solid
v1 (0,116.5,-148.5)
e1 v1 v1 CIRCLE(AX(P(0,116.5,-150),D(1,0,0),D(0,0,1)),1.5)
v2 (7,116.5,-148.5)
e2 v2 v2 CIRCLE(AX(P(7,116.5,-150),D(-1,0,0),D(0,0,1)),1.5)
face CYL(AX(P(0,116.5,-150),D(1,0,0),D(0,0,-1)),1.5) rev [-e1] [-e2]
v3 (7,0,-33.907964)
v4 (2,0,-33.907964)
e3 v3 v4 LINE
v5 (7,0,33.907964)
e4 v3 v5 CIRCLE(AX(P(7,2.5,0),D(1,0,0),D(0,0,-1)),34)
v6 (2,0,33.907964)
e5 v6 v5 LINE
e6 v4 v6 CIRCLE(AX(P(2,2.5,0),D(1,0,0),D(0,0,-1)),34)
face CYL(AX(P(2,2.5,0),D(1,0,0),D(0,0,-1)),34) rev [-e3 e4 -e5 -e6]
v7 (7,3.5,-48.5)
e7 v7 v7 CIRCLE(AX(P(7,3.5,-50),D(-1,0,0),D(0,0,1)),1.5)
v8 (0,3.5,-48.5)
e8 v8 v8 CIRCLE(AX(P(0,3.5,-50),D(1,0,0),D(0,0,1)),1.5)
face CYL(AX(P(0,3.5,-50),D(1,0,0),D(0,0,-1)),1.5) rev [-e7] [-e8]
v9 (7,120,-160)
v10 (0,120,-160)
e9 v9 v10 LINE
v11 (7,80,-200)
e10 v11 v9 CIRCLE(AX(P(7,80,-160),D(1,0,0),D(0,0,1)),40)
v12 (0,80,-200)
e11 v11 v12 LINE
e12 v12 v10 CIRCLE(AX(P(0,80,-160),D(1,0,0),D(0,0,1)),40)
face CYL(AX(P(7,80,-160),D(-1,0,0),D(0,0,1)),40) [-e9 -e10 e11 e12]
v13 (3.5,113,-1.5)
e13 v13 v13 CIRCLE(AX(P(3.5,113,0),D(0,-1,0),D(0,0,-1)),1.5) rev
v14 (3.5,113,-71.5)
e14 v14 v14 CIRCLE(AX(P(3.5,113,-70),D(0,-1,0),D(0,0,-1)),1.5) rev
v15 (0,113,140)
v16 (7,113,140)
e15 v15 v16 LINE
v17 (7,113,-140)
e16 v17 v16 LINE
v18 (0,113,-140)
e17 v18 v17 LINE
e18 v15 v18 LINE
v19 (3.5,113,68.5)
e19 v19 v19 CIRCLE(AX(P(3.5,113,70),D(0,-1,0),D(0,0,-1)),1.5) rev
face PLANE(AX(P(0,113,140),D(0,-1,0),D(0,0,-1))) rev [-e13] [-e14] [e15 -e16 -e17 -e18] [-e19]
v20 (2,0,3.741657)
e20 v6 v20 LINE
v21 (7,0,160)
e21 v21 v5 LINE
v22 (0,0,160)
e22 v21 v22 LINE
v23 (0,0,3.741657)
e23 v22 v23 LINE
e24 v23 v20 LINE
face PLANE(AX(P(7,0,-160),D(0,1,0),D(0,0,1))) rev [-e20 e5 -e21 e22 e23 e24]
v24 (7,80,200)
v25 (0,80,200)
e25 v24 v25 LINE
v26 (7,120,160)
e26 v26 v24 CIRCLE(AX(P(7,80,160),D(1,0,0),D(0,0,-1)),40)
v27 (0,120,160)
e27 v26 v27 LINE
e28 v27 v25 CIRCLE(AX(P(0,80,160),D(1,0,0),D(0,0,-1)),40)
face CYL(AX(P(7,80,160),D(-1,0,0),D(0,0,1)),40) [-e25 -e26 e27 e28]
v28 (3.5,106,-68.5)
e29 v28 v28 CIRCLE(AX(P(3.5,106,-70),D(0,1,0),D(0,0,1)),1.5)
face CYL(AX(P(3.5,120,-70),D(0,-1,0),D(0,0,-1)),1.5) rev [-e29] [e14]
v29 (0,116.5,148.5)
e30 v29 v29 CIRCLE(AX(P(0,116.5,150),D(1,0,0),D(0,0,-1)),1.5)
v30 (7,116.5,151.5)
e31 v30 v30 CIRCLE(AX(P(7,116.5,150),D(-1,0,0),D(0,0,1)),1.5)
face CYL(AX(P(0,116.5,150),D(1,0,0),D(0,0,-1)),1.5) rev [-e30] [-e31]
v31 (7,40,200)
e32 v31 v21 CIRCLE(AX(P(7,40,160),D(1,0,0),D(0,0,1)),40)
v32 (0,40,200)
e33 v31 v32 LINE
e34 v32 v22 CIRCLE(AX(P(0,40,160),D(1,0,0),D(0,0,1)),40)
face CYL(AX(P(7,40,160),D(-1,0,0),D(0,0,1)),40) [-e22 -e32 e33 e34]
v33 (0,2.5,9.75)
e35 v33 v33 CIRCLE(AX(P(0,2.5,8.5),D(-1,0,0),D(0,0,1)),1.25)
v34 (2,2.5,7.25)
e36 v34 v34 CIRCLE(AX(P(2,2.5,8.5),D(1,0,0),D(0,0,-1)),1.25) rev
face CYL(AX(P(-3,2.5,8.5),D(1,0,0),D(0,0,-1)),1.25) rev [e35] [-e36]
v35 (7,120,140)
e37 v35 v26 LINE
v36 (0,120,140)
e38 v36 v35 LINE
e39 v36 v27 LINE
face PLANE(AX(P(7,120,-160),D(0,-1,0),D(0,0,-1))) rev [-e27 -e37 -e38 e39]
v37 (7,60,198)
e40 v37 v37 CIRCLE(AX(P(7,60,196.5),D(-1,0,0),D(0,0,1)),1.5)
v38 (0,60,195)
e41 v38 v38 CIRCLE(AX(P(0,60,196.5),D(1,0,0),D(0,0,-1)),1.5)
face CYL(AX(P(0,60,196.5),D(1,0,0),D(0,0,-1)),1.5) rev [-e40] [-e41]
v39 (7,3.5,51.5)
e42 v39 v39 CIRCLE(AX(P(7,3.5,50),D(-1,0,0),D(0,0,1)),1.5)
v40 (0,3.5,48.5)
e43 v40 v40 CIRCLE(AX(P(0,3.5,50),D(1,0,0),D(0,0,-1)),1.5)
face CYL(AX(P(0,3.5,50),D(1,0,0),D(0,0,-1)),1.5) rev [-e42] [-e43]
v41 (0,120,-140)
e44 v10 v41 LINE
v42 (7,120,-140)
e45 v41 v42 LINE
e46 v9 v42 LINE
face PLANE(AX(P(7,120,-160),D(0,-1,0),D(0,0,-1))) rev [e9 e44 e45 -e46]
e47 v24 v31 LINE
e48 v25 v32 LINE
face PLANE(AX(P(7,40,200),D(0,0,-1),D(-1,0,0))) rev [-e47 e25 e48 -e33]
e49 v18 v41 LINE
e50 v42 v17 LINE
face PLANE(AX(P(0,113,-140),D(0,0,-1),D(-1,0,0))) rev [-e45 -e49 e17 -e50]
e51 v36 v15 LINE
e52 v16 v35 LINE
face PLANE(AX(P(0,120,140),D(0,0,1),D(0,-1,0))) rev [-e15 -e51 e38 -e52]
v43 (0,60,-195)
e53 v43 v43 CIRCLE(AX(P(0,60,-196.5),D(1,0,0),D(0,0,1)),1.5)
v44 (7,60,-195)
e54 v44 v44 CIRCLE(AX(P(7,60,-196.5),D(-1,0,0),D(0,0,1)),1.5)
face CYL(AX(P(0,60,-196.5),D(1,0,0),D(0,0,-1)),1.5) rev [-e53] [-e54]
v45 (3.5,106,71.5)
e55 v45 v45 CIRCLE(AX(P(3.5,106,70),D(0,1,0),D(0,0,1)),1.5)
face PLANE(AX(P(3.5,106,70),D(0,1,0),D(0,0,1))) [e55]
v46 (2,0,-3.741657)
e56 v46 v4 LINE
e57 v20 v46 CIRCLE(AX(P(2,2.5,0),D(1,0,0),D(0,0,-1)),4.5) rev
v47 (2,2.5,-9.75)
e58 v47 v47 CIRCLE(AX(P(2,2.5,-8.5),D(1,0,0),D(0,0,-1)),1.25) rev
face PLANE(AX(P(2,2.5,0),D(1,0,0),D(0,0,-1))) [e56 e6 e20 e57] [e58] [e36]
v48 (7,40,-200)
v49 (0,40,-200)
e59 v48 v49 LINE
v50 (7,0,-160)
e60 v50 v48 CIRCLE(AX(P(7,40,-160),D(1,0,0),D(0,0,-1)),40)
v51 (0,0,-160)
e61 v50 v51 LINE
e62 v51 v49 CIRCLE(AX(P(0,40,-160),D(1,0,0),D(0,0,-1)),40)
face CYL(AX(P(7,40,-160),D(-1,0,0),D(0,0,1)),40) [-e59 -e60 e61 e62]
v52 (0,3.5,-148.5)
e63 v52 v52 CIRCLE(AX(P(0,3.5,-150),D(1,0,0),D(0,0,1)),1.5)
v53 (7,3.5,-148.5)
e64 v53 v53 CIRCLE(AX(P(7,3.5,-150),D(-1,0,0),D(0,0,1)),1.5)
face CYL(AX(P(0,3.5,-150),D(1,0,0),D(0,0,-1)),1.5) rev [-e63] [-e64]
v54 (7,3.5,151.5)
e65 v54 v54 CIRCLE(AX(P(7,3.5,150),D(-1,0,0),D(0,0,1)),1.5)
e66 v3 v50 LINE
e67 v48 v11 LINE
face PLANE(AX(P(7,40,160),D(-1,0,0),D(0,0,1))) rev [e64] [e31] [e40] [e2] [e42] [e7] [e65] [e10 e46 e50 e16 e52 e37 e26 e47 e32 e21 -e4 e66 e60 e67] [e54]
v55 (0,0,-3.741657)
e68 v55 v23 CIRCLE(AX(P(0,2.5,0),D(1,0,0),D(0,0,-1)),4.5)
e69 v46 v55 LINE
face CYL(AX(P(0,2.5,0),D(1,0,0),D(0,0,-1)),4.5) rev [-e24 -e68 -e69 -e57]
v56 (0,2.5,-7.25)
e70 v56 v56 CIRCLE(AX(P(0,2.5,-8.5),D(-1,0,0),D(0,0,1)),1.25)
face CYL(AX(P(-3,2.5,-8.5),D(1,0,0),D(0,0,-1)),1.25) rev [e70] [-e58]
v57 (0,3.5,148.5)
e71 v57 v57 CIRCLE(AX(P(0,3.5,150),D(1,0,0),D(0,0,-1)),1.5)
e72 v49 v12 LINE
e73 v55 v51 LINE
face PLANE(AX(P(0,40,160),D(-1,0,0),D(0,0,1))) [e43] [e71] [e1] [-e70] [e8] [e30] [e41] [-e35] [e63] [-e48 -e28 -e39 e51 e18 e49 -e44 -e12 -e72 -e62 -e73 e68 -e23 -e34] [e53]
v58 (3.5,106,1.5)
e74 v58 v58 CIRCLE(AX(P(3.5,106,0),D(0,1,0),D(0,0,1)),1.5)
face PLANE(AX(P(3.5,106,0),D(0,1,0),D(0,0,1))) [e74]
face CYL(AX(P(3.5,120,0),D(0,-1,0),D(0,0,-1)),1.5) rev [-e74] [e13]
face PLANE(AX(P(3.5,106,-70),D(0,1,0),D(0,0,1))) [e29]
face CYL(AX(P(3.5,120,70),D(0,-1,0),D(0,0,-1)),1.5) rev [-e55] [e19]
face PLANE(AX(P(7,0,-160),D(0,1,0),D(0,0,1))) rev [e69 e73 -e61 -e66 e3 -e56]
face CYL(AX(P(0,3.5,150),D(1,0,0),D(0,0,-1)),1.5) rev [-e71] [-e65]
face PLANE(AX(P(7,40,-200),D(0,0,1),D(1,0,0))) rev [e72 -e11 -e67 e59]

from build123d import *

# Parameters (mm, degrees)
BOSS_EXTRUDE1_DEPTH     = 7
CUT_EXTRUDE1_DEPTH      = 234.343095034
CUT_EXTRUDE1_DEPTH_BACK = 234.343095034
SKETCH2_R               = 1.5
SKETCH2_W               = 280
SKETCH2_H               = 7
CUT_EXTRUDE2_DEPTH      = 230.821669997
CUT_EXTRUDE2_DEPTH_BACK = 10
CUT_EXTRUDE2_START      = 3
SKETCH3_R               = 1.5
SKETCH4_R               = 1.25
CUT_EXTRUDE3_DEPTH      = 10
CUT_EXTRUDE4_DEPTH      = 4
SKETCH6_R               = 4.5
CUT_EXTRUDE5_DEPTH      = 234.272372989
SKETCH7_R               = 34
CUT_EXTRUDE6_DEPTH      = 5


with BuildPart() as part:
    # Sketch1 → Boss-Extrude1 (new body)
    with BuildSketch(Plane(origin=(0, 0, 0), x_dir=(0, 0, -1), z_dir=(1, 0, 0))):
        with BuildLine():
            Line((160, 0), (-160, 0))
            ThreePointArc((-160, 0), (-188.284271247, 11.715728753), (-200, 40))
            Line((-200, 40), (-200, 80))
            ThreePointArc((-200, 80), (-188.284271247, 108.284271247), (-160, 120))
            Line((-160, 120), (160, 120))
            ThreePointArc((160, 120), (188.284271247, 108.284271247), (200, 80))
            Line((200, 80), (200, 40))
            ThreePointArc((200, 40), (188.284271247, 11.715728753), (160, 0))
        make_face()
    extrude(amount=BOSS_EXTRUDE1_DEPTH)

    # Sketch2 → Cut-Extrude1 (cut, two sides: drawn at the far end of the back side and taken through both)
    with BuildSketch(Plane(origin=(7, 0, 0), x_dir=(0, 0, -1), z_dir=(1, 0, 0)).offset(-CUT_EXTRUDE1_DEPTH_BACK)):
        with Locations((-150, 116.5)):
            Circle(SKETCH2_R)
        with Locations((-196.5, 60)):
            Circle(SKETCH2_R)
        with Locations((-50, 3.5)):
            Circle(SKETCH2_R)
        with Locations((-150, 3.5)):
            Circle(SKETCH2_R)
        with Locations(Location((50, 3.5, 0), (0, 0, 180))):
            Circle(SKETCH2_R)
        with Locations(Location((150, 3.5, 0), (0, 0, 180))):
            Circle(SKETCH2_R)
        with Locations(Location((196.5, 60, 0), (0, 0, 180))):
            Circle(SKETCH2_R)
        with Locations(Location((150, 116.5, 0), (0, 0, 180))):
            Circle(SKETCH2_R)
        with Locations((0, 116.5)):
            Rectangle(SKETCH2_W, SKETCH2_H)
    extrude(amount=CUT_EXTRUDE1_DEPTH + CUT_EXTRUDE1_DEPTH_BACK, mode=Mode.SUBTRACT)

    # Sketch3 → Cut-Extrude2 (cut, two sides: drawn at the far end of the back side and taken through both)
    with BuildSketch(Plane(origin=(0, 113, 0), x_dir=(1, 0, 0), z_dir=(0, 1, 0)).offset(CUT_EXTRUDE2_START - CUT_EXTRUDE2_DEPTH_BACK)):
        with Locations(Location((3.5, 70, 0), (0, 0, 90))):
            Circle(SKETCH3_R)
        with Locations(Location((3.5, 0, 0), (0, 0, 90))):
            Circle(SKETCH3_R)
        with Locations(Location((3.5, -70, 0), (0, 0, 90))):
            Circle(SKETCH3_R)
    extrude(amount=CUT_EXTRUDE2_DEPTH + CUT_EXTRUDE2_DEPTH_BACK, mode=Mode.SUBTRACT)

    # Sketch4 → Cut-Extrude3 (cut)
    with BuildSketch(Plane(origin=(7, 0, 0), x_dir=(0, 0, -1), z_dir=(1, 0, 0))):
        with Locations((-8.5, 2.5)):
            Circle(SKETCH4_R)
        with Locations((8.5, 2.5)):
            Circle(SKETCH4_R)
    extrude(amount=-CUT_EXTRUDE3_DEPTH, mode=Mode.SUBTRACT)

    # Sketch5 → Cut-Extrude4 (cut)
    with BuildSketch(Plane(origin=(7, 0, 0), x_dir=(0, 0, -1), z_dir=(1, 0, 0))):
        with BuildLine():
            Line((14, -15), (-14, -15))
            Line((-14, -15), (-14, 5))
            ThreePointArc((-14, 5), (0, 19), (14, 5))
            Line((14, 5), (14, -15))
        make_face()
    extrude(amount=-CUT_EXTRUDE4_DEPTH, mode=Mode.SUBTRACT)

    # Sketch6 → Cut-Extrude5 (cut, through all)
    with BuildSketch(Plane(origin=(3, 0, 0), x_dir=(0, 0, -1), z_dir=(1, 0, 0))):
        with Locations((0, 2.5)):
            Circle(SKETCH6_R)
    extrude(amount=-CUT_EXTRUDE5_DEPTH, mode=Mode.SUBTRACT)

    # Sketch7 → Cut-Extrude6 (cut)
    with BuildSketch(Plane(origin=(7, 0, 0), x_dir=(0, 0, -1), z_dir=(1, 0, 0))):
        with Locations((0, 2.5)):
            Circle(SKETCH7_R)
    extrude(amount=-CUT_EXTRUDE6_DEPTH, mode=Mode.SUBTRACT)


solid = part.part
